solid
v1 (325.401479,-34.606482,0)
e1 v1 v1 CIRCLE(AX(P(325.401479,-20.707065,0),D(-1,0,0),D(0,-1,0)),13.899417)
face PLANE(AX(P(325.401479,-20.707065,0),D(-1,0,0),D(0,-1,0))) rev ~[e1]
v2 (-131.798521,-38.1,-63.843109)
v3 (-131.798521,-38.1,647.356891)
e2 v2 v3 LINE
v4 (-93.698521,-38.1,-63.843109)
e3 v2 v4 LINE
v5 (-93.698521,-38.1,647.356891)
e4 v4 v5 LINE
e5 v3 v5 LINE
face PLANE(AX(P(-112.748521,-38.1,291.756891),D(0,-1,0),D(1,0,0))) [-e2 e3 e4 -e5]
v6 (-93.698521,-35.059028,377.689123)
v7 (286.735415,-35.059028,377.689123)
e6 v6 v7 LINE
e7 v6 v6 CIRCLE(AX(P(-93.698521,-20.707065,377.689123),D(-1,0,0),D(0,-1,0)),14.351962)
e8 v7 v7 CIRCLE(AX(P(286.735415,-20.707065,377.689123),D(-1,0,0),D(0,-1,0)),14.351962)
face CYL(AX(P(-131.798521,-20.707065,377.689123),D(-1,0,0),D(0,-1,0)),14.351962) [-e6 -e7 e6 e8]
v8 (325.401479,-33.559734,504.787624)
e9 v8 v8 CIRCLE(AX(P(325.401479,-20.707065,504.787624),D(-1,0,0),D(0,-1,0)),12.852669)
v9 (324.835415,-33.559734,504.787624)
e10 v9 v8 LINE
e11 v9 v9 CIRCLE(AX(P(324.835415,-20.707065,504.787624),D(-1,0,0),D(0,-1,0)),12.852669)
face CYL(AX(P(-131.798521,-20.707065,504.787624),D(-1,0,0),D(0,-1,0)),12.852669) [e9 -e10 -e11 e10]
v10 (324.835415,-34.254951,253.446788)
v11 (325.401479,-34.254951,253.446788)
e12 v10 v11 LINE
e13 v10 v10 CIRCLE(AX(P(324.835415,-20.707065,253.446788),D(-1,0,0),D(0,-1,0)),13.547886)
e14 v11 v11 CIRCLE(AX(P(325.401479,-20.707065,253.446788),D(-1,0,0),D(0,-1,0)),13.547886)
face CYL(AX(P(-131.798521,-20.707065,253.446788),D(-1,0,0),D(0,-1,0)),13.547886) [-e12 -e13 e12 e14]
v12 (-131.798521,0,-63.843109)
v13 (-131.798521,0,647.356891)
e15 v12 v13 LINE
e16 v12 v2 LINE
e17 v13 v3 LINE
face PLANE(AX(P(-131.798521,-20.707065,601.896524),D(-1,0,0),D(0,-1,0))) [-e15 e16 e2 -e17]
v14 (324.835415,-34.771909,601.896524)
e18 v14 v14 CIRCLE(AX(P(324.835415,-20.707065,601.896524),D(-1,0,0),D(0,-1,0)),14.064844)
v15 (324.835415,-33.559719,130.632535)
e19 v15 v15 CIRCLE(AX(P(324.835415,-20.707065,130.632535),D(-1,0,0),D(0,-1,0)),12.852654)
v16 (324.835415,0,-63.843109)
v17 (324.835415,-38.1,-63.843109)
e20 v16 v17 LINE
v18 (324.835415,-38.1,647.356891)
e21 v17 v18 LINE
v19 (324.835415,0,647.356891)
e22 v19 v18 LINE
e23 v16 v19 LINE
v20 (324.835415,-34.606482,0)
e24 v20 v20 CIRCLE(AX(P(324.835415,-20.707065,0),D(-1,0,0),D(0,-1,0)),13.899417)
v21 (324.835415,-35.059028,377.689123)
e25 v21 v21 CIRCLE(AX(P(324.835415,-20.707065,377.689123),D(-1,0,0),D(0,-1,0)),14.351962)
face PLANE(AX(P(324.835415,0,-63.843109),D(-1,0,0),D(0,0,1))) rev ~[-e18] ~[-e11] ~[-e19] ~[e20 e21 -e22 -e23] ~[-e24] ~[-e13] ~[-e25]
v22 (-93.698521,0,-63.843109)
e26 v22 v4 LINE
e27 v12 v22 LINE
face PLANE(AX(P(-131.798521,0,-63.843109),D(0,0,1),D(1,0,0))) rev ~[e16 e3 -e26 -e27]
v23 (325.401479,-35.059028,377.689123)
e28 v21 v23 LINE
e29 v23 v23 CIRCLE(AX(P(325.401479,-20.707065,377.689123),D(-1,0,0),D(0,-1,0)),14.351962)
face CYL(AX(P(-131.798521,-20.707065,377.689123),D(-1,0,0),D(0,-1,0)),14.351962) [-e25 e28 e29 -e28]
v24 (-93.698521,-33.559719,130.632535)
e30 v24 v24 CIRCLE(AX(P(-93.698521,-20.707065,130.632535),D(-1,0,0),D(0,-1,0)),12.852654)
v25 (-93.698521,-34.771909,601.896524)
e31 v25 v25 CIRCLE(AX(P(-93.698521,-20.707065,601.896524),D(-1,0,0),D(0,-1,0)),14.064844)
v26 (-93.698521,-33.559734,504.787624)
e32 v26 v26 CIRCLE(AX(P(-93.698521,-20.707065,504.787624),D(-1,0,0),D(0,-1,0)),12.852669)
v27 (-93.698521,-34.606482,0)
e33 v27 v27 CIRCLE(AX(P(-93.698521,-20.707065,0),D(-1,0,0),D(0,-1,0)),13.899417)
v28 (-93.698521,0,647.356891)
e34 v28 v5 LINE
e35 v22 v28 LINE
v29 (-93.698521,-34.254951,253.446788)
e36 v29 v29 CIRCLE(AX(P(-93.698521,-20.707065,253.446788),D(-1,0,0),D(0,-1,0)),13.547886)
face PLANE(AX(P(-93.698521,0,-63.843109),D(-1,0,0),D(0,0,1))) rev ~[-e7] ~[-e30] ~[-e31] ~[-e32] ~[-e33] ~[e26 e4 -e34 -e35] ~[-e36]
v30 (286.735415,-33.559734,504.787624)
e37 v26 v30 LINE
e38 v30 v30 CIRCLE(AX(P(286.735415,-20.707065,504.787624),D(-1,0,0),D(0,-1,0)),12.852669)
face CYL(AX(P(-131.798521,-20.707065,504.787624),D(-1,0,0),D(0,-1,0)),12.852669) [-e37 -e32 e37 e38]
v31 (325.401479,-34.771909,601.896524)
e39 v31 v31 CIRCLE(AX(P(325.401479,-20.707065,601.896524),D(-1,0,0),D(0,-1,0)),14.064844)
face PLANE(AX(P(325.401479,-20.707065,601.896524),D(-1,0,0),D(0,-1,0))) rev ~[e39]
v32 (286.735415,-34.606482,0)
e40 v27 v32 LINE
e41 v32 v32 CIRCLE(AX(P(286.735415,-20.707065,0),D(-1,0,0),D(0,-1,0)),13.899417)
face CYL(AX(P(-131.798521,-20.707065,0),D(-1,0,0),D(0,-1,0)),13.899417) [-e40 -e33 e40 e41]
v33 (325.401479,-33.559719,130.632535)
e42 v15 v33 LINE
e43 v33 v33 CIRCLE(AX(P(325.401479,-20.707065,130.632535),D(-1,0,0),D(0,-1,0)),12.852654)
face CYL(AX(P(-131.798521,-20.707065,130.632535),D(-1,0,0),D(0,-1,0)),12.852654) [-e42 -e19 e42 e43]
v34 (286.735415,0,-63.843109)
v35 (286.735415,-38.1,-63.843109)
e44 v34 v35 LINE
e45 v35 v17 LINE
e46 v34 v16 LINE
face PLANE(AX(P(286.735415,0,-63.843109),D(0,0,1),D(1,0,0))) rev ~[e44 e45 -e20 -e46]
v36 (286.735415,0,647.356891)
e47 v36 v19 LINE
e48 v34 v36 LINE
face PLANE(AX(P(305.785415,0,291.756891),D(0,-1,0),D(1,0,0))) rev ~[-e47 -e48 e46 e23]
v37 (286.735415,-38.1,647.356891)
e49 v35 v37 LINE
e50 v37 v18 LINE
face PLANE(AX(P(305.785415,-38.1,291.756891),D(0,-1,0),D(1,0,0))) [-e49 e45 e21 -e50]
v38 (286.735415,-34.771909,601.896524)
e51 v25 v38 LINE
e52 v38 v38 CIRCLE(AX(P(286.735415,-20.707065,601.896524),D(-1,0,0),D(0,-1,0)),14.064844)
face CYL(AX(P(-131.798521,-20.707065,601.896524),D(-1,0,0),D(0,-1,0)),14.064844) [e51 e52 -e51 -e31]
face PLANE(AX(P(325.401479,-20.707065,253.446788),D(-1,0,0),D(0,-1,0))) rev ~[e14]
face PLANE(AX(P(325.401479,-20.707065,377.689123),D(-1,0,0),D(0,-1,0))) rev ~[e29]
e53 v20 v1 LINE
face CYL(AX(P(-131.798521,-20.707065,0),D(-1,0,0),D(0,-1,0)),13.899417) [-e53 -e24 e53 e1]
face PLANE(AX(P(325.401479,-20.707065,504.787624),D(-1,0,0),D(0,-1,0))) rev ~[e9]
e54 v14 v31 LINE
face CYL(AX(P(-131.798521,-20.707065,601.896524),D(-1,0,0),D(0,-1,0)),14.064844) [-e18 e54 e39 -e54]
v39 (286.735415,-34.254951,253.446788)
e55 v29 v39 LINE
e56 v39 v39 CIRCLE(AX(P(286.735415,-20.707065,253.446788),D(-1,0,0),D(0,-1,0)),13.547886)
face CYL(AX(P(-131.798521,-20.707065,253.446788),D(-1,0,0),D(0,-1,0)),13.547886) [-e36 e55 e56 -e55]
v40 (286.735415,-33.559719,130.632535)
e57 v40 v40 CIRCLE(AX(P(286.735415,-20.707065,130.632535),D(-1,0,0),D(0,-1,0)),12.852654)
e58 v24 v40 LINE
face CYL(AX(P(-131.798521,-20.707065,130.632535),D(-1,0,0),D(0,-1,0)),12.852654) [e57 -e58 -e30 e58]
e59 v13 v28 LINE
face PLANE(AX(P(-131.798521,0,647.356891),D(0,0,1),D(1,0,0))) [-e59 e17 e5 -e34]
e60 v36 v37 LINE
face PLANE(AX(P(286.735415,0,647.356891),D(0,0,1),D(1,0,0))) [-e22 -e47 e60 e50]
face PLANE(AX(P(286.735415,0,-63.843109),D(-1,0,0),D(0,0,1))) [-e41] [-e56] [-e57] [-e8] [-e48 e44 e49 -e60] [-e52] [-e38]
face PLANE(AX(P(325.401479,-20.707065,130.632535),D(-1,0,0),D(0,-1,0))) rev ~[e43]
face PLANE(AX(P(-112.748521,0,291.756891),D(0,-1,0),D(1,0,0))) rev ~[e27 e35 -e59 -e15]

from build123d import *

# Parameters (mm, degrees)
F0_W     = 38.1
F0_H     = 711.2
F1_DEPTH = 38.1
F2_R     = 14.0648438742
F2_R_2   = 12.8526687622
F2_R_3   = 14.3519624693
F2_R_4   = 13.5478861372
F2_R_5   = 12.852653861
F2_R_6   = 13.899417222
F3_DEPTH = 457.2


with BuildPart() as f1:
    # F0 (on Front) → F1 (new body)
    with BuildSketch(Plane.XZ):
        with Locations((-112.7485206842, 291.7568912864)):
            Rectangle(F0_W, F0_H)
    extrude(amount=F1_DEPTH)



with BuildPart() as f1b:
    # F0 (on Front) → F1, piece 2 (new body)
    with BuildSketch(Plane.XZ):
        with Locations((305.7854154587, 291.7568912864)):
            Rectangle(F0_W, F0_H)
    extrude(amount=F1_DEPTH)


with BuildPart() as f1_1:
    add(f1.part)

    add(f1b.part)  # F3 merges F1b
    # F2 (on face) → F3 (join)
    with BuildSketch(Plane(origin=(-131.7985206842, 0, 0), x_dir=(0, -1, 0), z_dir=(-1, 0, 0))):
        with Locations((20.7070652395, 601.8965244293)):
            Circle(F2_R)
        with Locations((20.7070652395, 504.7876238823)):
            Circle(F2_R_2)
        with Locations((20.7070652395, 377.6891231537)):
            Circle(F2_R_3)
        with Locations((20.7070652395, 253.4467875957)):
            Circle(F2_R_4)
        with Locations((20.7070652395, 130.6325346231)):
            Circle(F2_R_5)
        with Locations((20.7070652395, 0)):
            Circle(F2_R_6)
    extrude(amount=-F3_DEPTH)


solid = f1_1.part
